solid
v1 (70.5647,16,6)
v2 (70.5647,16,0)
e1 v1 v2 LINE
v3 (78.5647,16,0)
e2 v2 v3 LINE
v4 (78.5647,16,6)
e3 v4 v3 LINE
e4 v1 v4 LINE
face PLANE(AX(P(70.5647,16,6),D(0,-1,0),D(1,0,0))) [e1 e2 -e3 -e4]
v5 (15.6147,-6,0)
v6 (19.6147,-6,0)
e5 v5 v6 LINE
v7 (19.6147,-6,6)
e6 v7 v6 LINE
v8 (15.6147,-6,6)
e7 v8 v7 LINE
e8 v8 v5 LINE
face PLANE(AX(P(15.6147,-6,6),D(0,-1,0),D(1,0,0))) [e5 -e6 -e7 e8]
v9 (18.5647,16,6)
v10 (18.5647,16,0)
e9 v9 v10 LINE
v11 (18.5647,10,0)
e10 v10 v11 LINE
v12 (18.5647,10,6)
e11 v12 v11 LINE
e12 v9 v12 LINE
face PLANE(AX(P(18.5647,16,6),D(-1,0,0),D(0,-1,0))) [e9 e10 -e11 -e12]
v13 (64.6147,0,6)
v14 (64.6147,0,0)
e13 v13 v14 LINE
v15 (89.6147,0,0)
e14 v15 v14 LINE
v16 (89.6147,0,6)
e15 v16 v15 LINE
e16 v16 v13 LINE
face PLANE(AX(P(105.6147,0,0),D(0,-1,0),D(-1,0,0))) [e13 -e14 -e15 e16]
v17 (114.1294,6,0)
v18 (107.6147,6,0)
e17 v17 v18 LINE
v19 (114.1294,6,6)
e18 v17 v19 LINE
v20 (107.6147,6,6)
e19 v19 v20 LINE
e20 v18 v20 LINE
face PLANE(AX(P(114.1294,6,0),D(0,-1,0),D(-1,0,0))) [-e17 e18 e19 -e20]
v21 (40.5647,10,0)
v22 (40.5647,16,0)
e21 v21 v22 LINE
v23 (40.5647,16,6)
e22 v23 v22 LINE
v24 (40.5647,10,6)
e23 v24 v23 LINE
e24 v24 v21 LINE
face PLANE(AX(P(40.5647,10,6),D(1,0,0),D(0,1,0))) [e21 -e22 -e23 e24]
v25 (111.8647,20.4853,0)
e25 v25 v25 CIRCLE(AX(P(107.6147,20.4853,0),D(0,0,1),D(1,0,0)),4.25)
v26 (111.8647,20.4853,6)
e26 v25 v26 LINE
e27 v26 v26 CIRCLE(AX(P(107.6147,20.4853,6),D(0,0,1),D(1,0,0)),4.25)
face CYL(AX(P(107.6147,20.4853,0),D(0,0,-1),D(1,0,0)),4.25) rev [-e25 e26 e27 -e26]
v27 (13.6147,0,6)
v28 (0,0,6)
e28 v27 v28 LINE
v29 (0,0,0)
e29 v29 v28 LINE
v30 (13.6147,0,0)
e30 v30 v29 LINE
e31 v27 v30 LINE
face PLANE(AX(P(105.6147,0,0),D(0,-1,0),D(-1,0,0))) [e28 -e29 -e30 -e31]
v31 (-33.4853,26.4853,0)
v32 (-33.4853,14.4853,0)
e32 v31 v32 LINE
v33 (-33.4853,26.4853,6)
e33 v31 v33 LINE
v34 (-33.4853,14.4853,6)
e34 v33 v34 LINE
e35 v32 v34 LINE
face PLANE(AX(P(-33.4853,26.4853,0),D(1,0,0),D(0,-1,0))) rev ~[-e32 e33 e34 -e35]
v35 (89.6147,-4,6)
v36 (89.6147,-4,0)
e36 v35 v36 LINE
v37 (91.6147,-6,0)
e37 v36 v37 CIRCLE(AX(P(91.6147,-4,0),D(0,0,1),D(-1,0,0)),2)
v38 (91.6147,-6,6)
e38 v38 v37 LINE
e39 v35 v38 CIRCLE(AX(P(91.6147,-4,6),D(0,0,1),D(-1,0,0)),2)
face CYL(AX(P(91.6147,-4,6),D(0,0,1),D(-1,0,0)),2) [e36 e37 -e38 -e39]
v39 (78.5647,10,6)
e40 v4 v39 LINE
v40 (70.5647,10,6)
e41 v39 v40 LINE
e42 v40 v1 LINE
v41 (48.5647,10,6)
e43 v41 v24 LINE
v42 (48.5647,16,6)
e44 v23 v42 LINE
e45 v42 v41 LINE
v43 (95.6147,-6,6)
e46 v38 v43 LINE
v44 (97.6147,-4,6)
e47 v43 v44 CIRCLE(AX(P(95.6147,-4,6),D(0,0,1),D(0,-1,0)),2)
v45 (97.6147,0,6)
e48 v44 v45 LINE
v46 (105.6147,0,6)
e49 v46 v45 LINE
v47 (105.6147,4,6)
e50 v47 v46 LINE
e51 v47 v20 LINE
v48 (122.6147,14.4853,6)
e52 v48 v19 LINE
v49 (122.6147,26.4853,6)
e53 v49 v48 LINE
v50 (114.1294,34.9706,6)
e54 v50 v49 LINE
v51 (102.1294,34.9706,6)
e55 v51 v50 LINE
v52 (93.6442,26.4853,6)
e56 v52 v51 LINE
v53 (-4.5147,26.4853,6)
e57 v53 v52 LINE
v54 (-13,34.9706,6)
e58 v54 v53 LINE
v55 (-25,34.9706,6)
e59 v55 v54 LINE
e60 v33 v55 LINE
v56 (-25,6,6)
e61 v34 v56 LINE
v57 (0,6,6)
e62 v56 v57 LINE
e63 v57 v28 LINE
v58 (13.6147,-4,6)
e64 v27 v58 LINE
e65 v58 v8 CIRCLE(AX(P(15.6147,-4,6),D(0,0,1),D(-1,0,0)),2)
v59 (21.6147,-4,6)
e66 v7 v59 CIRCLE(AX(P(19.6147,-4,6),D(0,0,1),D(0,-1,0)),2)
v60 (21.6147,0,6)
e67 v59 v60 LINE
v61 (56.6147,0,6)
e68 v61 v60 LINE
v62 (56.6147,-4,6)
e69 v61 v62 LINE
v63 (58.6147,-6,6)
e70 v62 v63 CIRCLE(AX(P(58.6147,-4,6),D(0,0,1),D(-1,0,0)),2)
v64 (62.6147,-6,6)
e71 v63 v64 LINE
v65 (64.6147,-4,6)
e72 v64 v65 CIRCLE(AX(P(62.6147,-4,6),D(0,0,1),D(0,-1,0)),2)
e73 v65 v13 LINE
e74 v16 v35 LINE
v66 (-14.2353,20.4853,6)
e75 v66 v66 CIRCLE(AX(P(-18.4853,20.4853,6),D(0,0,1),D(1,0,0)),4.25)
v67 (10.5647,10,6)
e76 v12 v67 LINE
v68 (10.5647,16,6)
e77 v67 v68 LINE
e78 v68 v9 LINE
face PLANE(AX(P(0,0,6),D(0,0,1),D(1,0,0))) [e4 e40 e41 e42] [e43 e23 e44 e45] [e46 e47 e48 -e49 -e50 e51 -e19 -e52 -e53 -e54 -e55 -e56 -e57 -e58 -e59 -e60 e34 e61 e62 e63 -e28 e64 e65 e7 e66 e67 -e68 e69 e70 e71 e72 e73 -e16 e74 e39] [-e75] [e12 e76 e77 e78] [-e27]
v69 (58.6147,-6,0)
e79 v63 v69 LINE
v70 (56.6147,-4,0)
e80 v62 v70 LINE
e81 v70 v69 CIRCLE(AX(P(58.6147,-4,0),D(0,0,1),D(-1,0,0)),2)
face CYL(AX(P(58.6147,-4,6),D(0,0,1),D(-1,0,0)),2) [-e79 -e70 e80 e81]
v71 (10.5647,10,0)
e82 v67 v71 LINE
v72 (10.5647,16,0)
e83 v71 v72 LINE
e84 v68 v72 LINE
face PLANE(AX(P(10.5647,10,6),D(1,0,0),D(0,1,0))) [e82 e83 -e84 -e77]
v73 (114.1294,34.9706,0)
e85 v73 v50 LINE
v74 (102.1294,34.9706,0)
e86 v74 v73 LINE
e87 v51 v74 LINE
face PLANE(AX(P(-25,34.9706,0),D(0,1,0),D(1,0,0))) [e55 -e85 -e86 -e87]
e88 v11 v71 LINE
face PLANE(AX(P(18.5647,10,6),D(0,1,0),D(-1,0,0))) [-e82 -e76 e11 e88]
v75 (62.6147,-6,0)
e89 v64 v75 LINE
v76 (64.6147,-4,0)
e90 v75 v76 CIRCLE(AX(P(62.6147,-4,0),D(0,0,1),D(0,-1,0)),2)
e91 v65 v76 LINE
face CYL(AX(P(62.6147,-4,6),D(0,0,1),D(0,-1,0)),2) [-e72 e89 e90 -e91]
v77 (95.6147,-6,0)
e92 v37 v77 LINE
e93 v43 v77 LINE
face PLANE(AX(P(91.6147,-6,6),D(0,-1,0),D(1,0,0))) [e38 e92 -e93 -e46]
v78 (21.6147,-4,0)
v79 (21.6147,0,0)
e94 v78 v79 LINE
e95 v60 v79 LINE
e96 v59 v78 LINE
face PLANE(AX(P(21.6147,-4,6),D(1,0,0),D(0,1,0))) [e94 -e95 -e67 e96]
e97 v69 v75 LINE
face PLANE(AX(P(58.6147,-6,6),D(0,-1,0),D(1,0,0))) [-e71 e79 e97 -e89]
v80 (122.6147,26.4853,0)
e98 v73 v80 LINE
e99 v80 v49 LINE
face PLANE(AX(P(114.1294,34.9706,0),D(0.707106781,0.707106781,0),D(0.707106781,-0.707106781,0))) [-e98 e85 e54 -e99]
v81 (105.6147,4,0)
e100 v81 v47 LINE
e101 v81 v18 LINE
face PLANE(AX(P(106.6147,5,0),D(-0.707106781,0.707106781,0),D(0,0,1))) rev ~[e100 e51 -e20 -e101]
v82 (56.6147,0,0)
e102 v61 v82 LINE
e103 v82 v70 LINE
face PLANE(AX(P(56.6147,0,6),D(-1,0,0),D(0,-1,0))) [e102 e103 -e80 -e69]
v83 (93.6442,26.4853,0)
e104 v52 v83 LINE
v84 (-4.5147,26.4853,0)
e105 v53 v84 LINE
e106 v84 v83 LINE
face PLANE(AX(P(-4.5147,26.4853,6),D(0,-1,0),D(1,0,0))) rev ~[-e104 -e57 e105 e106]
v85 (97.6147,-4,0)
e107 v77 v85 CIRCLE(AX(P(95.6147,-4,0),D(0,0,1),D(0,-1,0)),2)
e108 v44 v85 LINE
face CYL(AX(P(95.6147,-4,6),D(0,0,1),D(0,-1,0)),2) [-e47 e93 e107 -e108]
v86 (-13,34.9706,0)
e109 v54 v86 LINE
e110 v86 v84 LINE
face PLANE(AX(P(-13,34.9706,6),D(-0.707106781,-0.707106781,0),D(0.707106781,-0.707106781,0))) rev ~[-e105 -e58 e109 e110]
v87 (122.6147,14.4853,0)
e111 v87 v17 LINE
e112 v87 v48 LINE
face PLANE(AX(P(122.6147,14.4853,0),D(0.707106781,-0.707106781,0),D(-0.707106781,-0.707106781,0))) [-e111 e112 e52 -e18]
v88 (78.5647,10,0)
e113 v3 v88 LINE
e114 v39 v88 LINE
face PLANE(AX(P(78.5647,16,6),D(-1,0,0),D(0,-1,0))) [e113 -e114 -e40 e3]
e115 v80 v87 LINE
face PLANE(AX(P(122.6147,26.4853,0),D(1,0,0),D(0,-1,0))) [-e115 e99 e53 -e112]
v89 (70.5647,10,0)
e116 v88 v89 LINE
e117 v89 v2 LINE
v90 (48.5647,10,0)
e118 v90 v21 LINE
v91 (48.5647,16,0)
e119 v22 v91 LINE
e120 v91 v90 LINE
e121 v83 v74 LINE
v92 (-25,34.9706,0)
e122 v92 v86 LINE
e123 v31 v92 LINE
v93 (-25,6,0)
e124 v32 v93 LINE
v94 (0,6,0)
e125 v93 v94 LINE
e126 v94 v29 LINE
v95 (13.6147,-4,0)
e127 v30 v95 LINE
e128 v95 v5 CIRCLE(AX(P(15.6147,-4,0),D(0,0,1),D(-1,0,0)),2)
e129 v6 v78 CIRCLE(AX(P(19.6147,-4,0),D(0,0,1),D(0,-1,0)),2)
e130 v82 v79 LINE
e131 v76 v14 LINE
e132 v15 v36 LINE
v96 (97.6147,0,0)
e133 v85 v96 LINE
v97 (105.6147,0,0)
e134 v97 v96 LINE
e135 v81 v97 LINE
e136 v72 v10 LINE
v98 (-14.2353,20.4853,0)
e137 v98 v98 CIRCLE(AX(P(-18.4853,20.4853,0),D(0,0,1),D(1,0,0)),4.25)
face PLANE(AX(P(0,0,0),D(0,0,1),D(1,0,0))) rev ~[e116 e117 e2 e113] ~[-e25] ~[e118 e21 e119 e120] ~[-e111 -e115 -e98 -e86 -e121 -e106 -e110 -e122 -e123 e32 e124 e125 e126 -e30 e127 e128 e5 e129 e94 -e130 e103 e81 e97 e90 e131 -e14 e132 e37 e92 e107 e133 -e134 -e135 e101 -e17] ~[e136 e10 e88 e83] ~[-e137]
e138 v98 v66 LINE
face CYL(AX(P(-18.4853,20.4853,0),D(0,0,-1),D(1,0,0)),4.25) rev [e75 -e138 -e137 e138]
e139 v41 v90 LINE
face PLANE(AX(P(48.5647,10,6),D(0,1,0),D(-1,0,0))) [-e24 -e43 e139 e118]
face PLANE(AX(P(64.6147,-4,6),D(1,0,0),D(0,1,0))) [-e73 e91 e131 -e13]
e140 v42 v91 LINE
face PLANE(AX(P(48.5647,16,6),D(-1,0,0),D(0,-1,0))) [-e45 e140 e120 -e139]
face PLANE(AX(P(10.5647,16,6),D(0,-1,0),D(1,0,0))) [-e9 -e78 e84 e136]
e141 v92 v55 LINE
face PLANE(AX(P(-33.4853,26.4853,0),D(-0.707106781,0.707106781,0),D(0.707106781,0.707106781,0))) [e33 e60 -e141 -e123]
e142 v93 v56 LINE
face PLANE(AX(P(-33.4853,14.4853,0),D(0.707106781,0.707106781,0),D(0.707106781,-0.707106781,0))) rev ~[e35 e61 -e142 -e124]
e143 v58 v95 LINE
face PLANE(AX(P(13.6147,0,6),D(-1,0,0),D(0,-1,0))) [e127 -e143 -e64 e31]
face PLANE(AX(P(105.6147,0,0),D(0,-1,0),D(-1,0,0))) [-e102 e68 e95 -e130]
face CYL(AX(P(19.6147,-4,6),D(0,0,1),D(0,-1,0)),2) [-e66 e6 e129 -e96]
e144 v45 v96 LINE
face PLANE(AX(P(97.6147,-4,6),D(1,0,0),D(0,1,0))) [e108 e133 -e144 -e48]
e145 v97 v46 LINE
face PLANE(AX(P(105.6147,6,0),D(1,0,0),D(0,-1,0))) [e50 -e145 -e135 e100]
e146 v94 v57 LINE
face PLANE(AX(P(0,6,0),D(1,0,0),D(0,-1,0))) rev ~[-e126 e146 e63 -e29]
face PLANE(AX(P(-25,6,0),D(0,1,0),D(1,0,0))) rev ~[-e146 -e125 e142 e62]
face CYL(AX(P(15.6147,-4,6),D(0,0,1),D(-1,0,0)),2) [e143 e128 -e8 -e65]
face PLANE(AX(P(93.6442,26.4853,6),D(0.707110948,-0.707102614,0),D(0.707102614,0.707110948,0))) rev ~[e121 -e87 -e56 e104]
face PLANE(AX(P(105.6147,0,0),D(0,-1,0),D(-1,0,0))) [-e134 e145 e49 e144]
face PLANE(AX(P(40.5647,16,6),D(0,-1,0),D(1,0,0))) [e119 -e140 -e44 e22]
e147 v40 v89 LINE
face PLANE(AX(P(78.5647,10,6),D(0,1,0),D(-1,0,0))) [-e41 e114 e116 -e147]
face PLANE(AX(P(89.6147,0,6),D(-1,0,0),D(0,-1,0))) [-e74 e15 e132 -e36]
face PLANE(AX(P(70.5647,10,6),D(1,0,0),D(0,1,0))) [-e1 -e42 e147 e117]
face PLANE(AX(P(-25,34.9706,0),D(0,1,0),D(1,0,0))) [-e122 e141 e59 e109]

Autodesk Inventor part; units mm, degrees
ref_plane "YZ Plane" through (0, 0, 0) normal (1, 0, 0) x (0, 1, 0)
ref_plane "XZ Plane" through (0, 0, 0) normal (0, 1, 0) x (-1, 0, 0)
ref_plane "XY Plane" through (0, 0, 0) normal (0, 0, 1) x (1, 0, 0)
sketch "Sketch1" plane through (0, 0, 0) normal (0, 0, 1) x (1, 0, 0)
  circle A0 centre (-18.4853, 20.4853) radius 4.25
  circle A1 centre (107.6147, 20.4853) radius 4.25
  line L0 (-33.4853, 26.4853) -> (-33.4853, 14.4853)
  line L1 (-33.4853, 26.4853) -> (-25, 34.9706)
  line L2 (-33.4853, 14.4853) -> (-25, 6)
  line L3 (-25, 34.9706) -> (114.1294, 34.9706)
  line L4 (114.1294, 34.9706) -> (122.6147, 26.4853)
  line L5 (122.6147, 26.4853) -> (122.6147, 14.4853)
  line L6 (122.6147, 14.4853) -> (114.1294, 6)
  circle A2 centre (-18.4853, 20.4853) radius 13 construction
  circle A3 centre (-18.4853, 20.4853) radius 17 construction
  line L7 (-25, 6) -> (0, 6)
  line L8 (0, 6) -> (0, 0)
  line L9 (114.1294, 6) -> (105.6147, 6)
  line L10 (105.6147, 6) -> (105.6147, 0)
  line L11 (105.6147, 0) -> (0, 0)
  point P0 (0, 0)
  point P1 (-33.4853, 20.4853)
  dimension "d0" = 8.5
  dimension "d1" = 126.1
  dimension "d2" = 45
  dimension "d3" = 12
  dimension "d4" = 26
  dimension "d5" = 34
  dimension "d6" = 15
  dimension "d7" = 6
  dimension "d10" = 15
  dimension "d18" = 2
  dimension "d19" = 25
extrude "Extrusion1" add sketch "Sketch1" along normal blind 6
sketch "Sketch2" plane through (0, 0, 6) normal (0, 0, 1) x (1, 0, 0)
  line L0 (114.1294, 34.9706) -> (-25, 34.9706) projected
  line L1 (-25, 34.9706) -> (-33.4853, 26.4853) projected
  line L2 (-13, 34.9706) -> (-4.5147, 26.4853)
  line L3 (-4.5147, 26.4853) -> (93.6442, 26.4853)
  line L4 (93.6442, 26.4853) -> (102.1294, 34.9706)
  point P0 (-33.4853, 14.4853)
  dimension "d13" = 12
  dimension "d14" = 12
  dimension "d15" = 12
extrude "Extrusion2" cut sketch "Sketch2" against normal blind 6
sketch "Sketch3" plane through (0, 0, 6) normal (0, 0, 1) x (1, 0, 0)
  line L0 (0, 0) -> (105.6147, 0) projected
  line L1 (93.6442, 26.4853) -> (-4.5147, 26.4853) projected
  line L2 (40.5647, 16) -> (48.5647, 16)
  line L3 (48.5647, 16) -> (48.5647, 10)
  line L4 (48.5647, 10) -> (40.5647, 10)
  line L5 (40.5647, 10) -> (40.5647, 16)
  line L6 (10.5647, 16) -> (18.5647, 16)
  line L7 (18.5647, 16) -> (18.5647, 10)
  line L8 (18.5647, 10) -> (10.5647, 10)
  line L9 (10.5647, 10) -> (10.5647, 16)
  line L10 (70.5647, 16) -> (78.5647, 16)
  line L11 (78.5647, 16) -> (78.5647, 10)
  line L12 (78.5647, 10) -> (70.5647, 10)
  line L13 (70.5647, 10) -> (70.5647, 16)
  point P0 (44.5647, 16)
  point P1 (44.5647, 26.4853)
  dimension "d20" = 8
  dimension "d21" = 6
  dimension "d22" = 8
  dimension "d23" = 8
  dimension "d24" = 10
  dimension "d25" = 22
  dimension "d26" = 22
extrude "Extrusion3" cut sketch "Sketch3" against normal through all
sketch "Sketch4" plane through (0, 0, 6) normal (0, 0, 1) x (1, 0, 0)
  line L0 (0, 0) -> (105.6147, 0) projected
  line L1 (97.6147, 0) -> (89.6147, 0)
  line L2 (89.6147, 0) -> (89.6147, -4)
  line L3 (91.6147, -6) -> (95.6147, -6)
  line L4 (97.6147, -4) -> (97.6147, 0)
  line L5 (64.6147, 0) -> (56.6147, 0)
  line L6 (56.6147, 0) -> (56.6147, -4)
  line L7 (58.6147, -6) -> (62.6147, -6)
  line L8 (64.6147, -4) -> (64.6147, 0)
  line L9 (21.6147, 0) -> (13.6147, 0)
  line L10 (13.6147, 0) -> (13.6147, -4)
  line L11 (15.6147, -6) -> (19.6147, -6)
  line L12 (21.6147, -4) -> (21.6147, 0)
  arc A0 (13.6147, -4) -> (15.6147, -6) centre (15.6147, -4) ccw
  arc A1 (19.6147, -6) -> (21.6147, -4) centre (19.6147, -4) ccw
  arc A2 (56.6147, -4) -> (58.6147, -6) centre (58.6147, -4) ccw
  arc A3 (62.6147, -6) -> (64.6147, -4) centre (62.6147, -4) ccw
  arc A4 (89.6147, -4) -> (91.6147, -6) centre (91.6147, -4) ccw
  arc A5 (95.6147, -6) -> (97.6147, -4) centre (95.6147, -4) ccw
  dimension "d29" = 2
  dimension "d30" = 8
  dimension "d31" = 8
  dimension "d32" = 8
  dimension "d33" = 6
  dimension "d34" = 8
  dimension "d35" = 25
  dimension "d36" = 35
extrude "Extrusion4" add sketch "Sketch4" against normal blind 6
chamfer "Chamfer1" distance 2 angle 45 1 edges at (105.6147, 6, 3)
equation "\"d14\" = d13"
equation "\"d15\" = d14"
equation "\"d26\" = d25"
properties part number "rope_mount_a"
